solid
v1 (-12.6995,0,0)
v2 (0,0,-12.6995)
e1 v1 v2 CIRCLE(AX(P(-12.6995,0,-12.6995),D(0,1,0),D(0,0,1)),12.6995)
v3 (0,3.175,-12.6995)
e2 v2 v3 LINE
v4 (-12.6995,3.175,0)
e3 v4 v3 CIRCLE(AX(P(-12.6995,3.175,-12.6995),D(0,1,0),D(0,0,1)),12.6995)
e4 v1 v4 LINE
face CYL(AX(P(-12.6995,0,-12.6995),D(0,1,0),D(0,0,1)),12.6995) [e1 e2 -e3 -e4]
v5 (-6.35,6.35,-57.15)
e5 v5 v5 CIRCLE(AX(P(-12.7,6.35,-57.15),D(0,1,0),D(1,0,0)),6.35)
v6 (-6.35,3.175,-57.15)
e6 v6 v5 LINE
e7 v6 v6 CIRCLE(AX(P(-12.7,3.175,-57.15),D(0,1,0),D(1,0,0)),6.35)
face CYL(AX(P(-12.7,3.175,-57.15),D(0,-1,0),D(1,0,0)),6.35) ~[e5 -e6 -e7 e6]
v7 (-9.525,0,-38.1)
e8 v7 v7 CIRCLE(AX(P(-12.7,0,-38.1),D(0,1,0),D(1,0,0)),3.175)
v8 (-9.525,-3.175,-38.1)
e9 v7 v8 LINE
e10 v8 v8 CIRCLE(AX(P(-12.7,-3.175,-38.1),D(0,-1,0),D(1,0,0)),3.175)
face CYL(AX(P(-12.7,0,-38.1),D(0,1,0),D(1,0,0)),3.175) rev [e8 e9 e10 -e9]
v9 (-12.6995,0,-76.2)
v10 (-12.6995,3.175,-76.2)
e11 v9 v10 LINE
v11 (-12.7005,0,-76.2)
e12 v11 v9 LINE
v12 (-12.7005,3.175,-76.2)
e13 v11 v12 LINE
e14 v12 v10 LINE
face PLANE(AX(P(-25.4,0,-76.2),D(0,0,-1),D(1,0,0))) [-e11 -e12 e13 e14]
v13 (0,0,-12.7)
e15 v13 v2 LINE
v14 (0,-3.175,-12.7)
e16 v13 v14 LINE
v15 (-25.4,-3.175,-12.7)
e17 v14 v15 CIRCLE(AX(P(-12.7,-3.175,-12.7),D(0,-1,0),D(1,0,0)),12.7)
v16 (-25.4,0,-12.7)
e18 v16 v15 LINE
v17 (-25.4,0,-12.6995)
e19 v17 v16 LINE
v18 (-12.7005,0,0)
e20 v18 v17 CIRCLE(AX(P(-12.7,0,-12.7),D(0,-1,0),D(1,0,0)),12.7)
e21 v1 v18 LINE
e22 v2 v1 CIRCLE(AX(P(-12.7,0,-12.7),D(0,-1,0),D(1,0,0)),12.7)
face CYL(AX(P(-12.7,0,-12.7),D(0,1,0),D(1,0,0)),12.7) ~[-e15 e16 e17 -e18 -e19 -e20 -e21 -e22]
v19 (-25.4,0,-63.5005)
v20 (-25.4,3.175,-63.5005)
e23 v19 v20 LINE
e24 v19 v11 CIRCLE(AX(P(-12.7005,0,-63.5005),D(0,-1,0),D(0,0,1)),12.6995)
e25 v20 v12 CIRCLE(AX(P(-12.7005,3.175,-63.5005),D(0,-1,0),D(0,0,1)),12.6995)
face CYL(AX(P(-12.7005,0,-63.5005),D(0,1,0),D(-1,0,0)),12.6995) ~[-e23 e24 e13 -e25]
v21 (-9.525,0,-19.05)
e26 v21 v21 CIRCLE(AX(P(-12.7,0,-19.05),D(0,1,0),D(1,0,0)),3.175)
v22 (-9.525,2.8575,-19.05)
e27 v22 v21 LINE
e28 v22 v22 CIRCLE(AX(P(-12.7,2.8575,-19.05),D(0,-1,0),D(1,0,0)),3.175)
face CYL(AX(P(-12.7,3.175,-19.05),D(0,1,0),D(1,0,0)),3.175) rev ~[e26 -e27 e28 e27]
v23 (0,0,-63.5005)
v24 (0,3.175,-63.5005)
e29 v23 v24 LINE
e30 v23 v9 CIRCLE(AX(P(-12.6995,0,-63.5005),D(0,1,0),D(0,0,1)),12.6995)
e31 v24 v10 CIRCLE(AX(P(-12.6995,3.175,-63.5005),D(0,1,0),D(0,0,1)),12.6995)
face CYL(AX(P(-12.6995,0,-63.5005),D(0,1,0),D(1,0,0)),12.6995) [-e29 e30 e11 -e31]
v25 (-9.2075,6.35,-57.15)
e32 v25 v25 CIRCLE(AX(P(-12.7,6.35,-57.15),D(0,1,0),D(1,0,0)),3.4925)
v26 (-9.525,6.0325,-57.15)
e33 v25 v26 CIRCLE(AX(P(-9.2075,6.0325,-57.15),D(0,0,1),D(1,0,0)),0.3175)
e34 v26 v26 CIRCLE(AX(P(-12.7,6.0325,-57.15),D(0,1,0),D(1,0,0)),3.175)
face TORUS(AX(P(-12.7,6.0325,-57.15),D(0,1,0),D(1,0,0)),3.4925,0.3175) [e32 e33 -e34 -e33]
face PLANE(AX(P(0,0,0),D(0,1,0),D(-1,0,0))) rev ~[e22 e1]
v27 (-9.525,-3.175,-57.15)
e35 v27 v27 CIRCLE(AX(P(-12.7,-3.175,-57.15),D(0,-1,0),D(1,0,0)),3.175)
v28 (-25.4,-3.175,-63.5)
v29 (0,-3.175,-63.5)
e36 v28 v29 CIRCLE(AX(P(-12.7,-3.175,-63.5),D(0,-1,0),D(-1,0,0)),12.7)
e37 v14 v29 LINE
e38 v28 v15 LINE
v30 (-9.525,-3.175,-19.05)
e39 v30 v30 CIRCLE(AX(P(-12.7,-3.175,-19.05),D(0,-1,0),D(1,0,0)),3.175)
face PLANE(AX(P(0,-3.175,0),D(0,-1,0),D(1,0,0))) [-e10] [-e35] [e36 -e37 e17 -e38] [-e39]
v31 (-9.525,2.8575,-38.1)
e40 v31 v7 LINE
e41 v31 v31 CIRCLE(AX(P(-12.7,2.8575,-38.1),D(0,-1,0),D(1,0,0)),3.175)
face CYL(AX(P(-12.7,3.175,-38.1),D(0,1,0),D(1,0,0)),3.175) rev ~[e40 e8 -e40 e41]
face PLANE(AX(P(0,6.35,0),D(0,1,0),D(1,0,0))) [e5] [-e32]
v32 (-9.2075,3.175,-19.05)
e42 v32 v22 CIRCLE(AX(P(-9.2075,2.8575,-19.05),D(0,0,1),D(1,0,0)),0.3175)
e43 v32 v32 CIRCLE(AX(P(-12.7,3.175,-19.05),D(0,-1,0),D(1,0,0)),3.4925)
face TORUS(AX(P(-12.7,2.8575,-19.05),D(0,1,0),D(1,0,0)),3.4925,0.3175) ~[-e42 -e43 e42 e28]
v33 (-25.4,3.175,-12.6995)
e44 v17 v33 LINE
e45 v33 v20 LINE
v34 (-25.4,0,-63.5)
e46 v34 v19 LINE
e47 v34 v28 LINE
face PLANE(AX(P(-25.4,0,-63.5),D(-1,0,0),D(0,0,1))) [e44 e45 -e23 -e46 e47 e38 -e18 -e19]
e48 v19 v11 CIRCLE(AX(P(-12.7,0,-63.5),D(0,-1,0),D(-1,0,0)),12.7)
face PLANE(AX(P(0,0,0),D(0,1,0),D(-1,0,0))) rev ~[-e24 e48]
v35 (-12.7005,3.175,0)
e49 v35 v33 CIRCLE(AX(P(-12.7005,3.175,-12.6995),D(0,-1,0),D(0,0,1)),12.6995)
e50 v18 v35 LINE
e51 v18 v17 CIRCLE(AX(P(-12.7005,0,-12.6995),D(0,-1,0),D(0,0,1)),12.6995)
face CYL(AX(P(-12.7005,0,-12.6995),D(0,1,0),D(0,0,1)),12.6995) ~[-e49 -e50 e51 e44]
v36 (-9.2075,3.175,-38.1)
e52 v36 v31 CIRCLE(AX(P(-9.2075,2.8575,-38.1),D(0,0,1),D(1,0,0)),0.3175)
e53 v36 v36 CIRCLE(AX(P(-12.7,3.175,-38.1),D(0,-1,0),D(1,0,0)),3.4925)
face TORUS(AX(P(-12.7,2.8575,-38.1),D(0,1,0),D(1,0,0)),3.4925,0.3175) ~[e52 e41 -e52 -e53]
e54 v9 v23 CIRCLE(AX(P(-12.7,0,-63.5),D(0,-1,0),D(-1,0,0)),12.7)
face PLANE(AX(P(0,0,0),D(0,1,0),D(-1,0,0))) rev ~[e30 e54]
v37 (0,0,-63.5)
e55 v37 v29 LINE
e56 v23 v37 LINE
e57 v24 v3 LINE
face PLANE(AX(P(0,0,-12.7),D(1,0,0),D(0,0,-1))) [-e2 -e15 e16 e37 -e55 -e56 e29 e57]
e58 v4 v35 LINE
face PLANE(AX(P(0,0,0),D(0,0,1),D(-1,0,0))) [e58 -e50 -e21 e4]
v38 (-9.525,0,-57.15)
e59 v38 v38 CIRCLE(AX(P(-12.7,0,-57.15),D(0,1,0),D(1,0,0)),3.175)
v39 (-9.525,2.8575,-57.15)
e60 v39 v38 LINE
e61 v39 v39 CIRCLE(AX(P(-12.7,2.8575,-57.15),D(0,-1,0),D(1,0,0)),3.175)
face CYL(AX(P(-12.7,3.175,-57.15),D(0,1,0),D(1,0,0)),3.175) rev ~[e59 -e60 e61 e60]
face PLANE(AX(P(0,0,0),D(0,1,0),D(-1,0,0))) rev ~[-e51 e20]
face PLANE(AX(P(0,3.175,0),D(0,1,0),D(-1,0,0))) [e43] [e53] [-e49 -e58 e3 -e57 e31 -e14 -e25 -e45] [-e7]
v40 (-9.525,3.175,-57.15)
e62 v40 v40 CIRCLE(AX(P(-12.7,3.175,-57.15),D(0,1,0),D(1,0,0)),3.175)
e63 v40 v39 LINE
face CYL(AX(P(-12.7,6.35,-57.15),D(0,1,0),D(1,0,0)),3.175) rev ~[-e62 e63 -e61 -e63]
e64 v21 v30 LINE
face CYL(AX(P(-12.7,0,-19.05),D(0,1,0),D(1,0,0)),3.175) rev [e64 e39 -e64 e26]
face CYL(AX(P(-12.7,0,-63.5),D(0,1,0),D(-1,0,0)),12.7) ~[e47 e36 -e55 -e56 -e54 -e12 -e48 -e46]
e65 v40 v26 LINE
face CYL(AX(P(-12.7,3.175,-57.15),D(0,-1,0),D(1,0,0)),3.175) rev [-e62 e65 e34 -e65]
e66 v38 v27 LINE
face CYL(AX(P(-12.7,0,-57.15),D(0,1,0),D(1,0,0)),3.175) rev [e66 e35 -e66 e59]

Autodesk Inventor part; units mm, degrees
ref_plane "YZ Plane" through (0, 0, 0) normal (1, 0, 0) x (0, 1, 0)
ref_plane "XZ Plane" through (0, 0, 0) normal (0, 1, 0) x (-1, 0, 0)
ref_plane "XY Plane" through (0, 0, 0) normal (0, 0, 1) x (1, 0, 0)
sketch "Sketch1" plane through (0, 0, 0) normal (0, 1, 0) x (-1, 0, 0)
  line L0 (0, 0) -> (25.4, 0)
  line L1 (25.4, 0) -> (25.4, -76.2)
  line L2 (25.4, -76.2) -> (0, -76.2)
  line L3 (0, -76.2) -> (0, 0)
  dimension "d0" = 25.4
  dimension "d1" = 76.2
extrude "Extrusion1" add sketch "Sketch1" along normal blind 3.175
sketch "Sketch2" plane through (0, 3.175, 0) normal (0, 1, 0) x (1, 0, 0)
  line L0 (-25.4, 76.2) -> (-25.4, 0) projected
  line L1 (0, 76.2) -> (-25.4, 76.2) projected
  line L2 (-25.4, 0) -> (0, 76.2)
  line L3 (0, 76.2) -> (-25.4, 76.2)
  line L4 (-25.4, 76.2) -> (0, 0)
  line L5 (0, 0) -> (-12.7, 38.1)
  line L6 (-25.4, 0) -> (0, 0) projected
  line L7 (-12.7, 0) -> (-12.7, 76.2)
  circle A0 centre (-12.7, 38.1) radius 3.175
  line L8 (-12.7, 38.1) -> (-12.7, 0)
  circle A1 centre (-12.7, 19.05) radius 3.175
  line L9 (-12.7, 38.1) -> (-12.7, 76.2)
  circle A2 centre (-12.7, 57.15) radius 3.175
  dimension "d4" = 6.35
  dimension "d5" = 6.35
  dimension "d6" = 6.35
extrude "Extrusion2" cut sketch "Sketch2" against normal blind 3.175 contours A0 L7 L4 | L4 L2 A0 | L2 L7 A0 | A2 L7 | L7 A2 | L7 A0 L2 | L2 A0 L4 | L4 A0 L7 | A1 L7 | L7 A1
fillet "Fillet1" radius 12.7 4 edges at (0, 1.5875, 0) (-25.4, 1.5875, 0) (0, 1.5875, -76.2) (-25.4, 1.5875, -76.2)
fillet "Fillet2" radius 0.3175 3 edges at (-15.875, 3.175, -57.15) (-15.875, 3.175, -38.1) (-15.875, 3.175, -19.05)
sketch "Sketch3" plane through (0, 3.175, 0) normal (0, 1, 0) x (1, 0, 0)
  circle A0 centre (-12.7, 57.15) radius 3.175 projected
  circle A1 centre (-12.7, 57.15) radius 6.35
  point P0 (0, 0)
  dimension "d11" = 12.7
extrude "Extrusion3" add sketch "Sketch3" along normal blind 3.175
sketch "Sketch4" plane through (-12.7, 6.35, -57.15) normal (0, 1, 0) x (1, 0, 0)
  circle A0 centre (0, 0) radius 6.35 projected
  circle A1 centre (0, 0) radius 3.175 projected
  point P0 (12.7, -57.15)
extrude "Extrusion4" add sketch "Sketch4" against normal through all
fillet "Fillet3" radius 0.3175 1 edges at (-15.875, 6.35, -57.15)
sketch "Sketch5" plane through (0, 0, 0) normal (0, -1, 0) x (1, 0, 0)
  circle A0 centre (-12.7, -38.1) radius 3.175 projected
  circle A1 centre (-12.7, -19.05) radius 3.175 projected
  arc A2 (-25.4, -63.5) -> (0, -63.5) centre (-12.7, -63.5) ccw projected
  line L0 (0, -12.7) -> (0, -63.5) projected
  arc A3 (0, -12.7) -> (-25.4, -12.7) centre (-12.7, -12.7) ccw projected
  line L1 (-25.4, -63.5) -> (-25.4, -12.7) projected
  circle A4 centre (-12.7, -57.15) radius 3.175 projected
  point P0 (0, 0)
extrude "Extrusion5" add sketch "Sketch5" along normal blind 3.175
properties part number "Board"
